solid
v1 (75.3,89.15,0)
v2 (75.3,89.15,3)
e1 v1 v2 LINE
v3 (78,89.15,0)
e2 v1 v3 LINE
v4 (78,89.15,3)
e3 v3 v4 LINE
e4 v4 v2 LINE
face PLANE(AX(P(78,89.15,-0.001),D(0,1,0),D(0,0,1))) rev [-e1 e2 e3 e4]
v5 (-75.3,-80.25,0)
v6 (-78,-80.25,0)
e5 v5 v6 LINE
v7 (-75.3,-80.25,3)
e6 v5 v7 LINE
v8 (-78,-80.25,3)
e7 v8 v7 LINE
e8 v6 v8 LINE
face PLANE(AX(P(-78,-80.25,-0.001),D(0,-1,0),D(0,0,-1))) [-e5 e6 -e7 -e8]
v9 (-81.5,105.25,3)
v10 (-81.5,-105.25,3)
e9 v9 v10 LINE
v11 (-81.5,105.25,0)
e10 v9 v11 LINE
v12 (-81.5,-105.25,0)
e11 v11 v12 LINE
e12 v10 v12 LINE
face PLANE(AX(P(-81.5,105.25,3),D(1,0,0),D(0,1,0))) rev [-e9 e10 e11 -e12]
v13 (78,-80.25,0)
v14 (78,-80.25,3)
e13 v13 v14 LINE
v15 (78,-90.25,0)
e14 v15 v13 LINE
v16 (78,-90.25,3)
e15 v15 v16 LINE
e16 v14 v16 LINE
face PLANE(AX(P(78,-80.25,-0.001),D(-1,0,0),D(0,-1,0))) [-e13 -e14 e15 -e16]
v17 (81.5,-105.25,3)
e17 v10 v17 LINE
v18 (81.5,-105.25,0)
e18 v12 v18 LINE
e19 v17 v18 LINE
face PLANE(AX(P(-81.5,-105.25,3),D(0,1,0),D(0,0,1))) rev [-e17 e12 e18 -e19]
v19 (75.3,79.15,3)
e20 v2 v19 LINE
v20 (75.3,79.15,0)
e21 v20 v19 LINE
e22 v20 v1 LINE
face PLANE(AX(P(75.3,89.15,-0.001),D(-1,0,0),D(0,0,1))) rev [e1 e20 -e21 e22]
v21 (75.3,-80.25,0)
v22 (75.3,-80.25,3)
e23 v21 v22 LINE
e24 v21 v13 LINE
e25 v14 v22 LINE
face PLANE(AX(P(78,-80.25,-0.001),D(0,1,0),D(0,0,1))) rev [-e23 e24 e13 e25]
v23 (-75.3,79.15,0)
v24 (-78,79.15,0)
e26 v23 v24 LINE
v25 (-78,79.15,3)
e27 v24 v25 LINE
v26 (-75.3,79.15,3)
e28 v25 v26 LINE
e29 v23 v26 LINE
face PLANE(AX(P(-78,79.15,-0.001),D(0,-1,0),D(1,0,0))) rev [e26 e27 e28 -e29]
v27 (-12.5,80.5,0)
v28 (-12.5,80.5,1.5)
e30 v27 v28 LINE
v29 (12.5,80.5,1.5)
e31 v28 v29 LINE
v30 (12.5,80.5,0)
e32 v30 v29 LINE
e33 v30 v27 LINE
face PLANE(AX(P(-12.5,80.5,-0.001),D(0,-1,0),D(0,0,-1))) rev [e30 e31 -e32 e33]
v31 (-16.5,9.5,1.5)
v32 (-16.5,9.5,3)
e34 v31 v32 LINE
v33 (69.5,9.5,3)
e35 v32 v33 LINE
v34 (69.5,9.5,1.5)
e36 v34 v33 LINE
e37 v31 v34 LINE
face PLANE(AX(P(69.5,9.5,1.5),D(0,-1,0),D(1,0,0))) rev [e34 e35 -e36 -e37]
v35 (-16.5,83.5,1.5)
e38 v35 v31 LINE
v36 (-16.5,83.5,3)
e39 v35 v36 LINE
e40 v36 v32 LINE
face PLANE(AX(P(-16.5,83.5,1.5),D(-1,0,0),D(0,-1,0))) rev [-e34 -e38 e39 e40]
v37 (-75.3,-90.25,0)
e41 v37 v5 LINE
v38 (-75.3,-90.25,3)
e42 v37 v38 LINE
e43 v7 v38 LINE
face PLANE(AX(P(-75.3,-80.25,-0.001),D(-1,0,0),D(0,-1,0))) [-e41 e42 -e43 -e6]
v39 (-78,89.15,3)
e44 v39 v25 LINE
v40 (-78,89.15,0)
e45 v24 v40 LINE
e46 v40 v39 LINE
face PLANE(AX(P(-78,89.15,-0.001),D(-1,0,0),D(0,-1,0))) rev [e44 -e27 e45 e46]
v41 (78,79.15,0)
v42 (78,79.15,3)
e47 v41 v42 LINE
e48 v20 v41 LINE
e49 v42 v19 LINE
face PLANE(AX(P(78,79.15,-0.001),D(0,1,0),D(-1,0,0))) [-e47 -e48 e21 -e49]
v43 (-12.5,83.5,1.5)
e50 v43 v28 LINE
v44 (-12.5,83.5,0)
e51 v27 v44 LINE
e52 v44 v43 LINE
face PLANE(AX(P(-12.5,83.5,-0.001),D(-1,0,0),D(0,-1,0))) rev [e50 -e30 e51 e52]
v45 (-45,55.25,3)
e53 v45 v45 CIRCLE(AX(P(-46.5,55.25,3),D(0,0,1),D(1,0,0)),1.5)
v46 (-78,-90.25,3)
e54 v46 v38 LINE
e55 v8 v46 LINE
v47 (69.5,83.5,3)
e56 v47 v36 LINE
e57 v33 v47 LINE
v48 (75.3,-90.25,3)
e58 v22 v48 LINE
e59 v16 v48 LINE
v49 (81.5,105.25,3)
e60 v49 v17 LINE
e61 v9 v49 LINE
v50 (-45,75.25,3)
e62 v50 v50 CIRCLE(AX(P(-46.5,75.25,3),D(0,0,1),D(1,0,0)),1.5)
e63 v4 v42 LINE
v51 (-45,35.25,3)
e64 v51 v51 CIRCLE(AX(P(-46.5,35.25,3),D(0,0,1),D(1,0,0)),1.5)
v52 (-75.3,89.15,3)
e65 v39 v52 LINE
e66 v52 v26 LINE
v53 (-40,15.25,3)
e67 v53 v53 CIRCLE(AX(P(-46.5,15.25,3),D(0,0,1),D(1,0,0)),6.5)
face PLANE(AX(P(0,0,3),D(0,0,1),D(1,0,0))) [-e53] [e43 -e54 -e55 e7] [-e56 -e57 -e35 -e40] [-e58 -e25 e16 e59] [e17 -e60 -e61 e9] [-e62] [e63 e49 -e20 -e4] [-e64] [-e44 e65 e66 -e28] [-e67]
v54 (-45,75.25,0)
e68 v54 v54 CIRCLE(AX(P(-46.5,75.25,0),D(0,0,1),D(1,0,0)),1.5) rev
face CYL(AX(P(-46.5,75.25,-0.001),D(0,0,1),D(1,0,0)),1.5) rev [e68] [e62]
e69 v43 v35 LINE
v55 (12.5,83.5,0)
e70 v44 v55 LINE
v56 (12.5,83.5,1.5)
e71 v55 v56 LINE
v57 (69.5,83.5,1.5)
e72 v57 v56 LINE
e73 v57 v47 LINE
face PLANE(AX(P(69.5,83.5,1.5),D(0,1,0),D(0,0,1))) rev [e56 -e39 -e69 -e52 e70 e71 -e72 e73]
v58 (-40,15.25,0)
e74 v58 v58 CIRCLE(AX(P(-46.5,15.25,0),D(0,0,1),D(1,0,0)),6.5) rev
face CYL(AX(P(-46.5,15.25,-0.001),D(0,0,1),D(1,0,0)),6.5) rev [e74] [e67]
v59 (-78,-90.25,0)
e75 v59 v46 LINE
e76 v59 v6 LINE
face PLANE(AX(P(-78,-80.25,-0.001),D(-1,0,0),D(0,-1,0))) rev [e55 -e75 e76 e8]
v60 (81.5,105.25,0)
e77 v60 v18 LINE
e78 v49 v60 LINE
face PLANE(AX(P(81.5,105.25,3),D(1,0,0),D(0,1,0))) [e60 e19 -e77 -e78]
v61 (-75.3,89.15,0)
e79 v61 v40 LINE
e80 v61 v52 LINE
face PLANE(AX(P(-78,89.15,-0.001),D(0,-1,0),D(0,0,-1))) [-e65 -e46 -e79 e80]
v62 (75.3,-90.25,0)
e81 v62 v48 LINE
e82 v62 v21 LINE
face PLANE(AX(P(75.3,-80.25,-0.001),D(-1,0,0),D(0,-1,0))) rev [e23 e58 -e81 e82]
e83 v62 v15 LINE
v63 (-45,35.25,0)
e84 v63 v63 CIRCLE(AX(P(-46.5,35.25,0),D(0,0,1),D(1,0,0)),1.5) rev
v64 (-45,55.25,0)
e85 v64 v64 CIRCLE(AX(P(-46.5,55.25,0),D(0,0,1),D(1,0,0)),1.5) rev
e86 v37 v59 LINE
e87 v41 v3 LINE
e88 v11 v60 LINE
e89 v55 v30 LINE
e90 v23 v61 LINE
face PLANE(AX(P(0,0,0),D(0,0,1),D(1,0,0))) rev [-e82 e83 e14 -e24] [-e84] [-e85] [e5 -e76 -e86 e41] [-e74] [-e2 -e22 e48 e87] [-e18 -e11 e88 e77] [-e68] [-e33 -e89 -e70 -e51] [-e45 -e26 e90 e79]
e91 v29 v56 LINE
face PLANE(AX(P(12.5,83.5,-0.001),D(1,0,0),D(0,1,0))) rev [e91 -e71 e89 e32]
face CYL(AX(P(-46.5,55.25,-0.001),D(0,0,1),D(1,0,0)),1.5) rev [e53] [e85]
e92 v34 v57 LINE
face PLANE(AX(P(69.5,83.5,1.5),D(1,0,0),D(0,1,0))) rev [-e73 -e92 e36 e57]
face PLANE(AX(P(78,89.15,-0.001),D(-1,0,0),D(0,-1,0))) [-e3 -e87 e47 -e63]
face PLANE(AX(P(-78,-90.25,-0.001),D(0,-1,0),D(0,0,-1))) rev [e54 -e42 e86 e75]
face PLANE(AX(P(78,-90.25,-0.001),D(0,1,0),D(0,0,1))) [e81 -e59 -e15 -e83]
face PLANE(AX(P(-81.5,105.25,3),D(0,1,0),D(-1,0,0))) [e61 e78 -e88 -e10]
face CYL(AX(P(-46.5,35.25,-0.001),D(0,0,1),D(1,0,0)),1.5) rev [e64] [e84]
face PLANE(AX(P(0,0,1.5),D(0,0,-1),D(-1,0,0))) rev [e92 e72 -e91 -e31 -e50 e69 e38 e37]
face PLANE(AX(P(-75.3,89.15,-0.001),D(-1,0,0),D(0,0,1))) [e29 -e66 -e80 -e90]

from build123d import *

# Parameters (mm, degrees)
SKETCH1_W           = 163
SKETCH1_H           = 210.5
BOSS_EXTRUDE1_DEPTH = 3
SKETCH2_W           = 2.7
SKETCH2_H           = 10
CUT_EXTRUDE1_DEPTH  = 3
SKETCH3_W           = 86
SKETCH3_H           = 74
CUT_EXTRUDE2_DEPTH  = 1.5
CUT_EXTRUDE3_REACH  = 3.5
SKETCH4_W           = 25
SKETCH4_H           = 3
CUT_EXTRUDE5_REACH  = 5
SKETCH5_R           = 1.5
SKETCH5_R_2         = 6.5


with BuildPart() as part:
    # Sketch1 → Boss-Extrude1 (new body)
    with BuildSketch(Plane.XY):
        Rectangle(SKETCH1_W, SKETCH1_H)
    extrude(amount=BOSS_EXTRUDE1_DEPTH)

    # Sketch2 → Cut-Extrude1 (cut)
    with BuildSketch(Plane.XY.offset(3)):
        with Locations((-76.65, -85.25)):
            Rectangle(SKETCH2_W, SKETCH2_H)
        with Locations((-76.65, 84.15)):
            Rectangle(SKETCH2_W, SKETCH2_H)
    cut_extrude1 = extrude(amount=-CUT_EXTRUDE1_DEPTH, mode=Mode.SUBTRACT)

    # Mirror3: Cut-Extrude1 across plane
    add(cut_extrude1.mirror(Plane(origin=(0, 0, 0), x_dir=(0, 0, 1), z_dir=(1, 0, 0))), mode=Mode.SUBTRACT)

    # Sketch3 → Cut-Extrude2 (cut)
    with BuildSketch(Plane.XY.offset(3)):
        with Locations((26.5, 46.5)):
            Rectangle(SKETCH3_W, SKETCH3_H)
    extrude(amount=-CUT_EXTRUDE2_DEPTH, mode=Mode.SUBTRACT)

    # Sketch4 → Cut-Extrude3 (cut, up to next)
    with BuildSketch(Plane.XY.offset(1.5), mode=Mode.PRIVATE) as cut_extrude3_sk1:
        with Locations((0, 82)):
            Rectangle(SKETCH4_W, SKETCH4_H)
    cut_extrude3_tool1 = extrude(cut_extrude3_sk1.sketch, amount=-CUT_EXTRUDE3_REACH, mode=Mode.PRIVATE) & part.part
    add(cut_extrude3_tool1.solids().sort_by_distance((0, 82, 1.5))[0], mode=Mode.SUBTRACT)

    # Sketch5 → Cut-Extrude5 (cut, up to next)
    with BuildSketch(Plane.XY.offset(3), mode=Mode.PRIVATE) as cut_extrude5_sk1:
        with Locations((-46.5, 75.25)):
            Circle(SKETCH5_R)
    cut_extrude5_tool1 = extrude(cut_extrude5_sk1.sketch, amount=-CUT_EXTRUDE5_REACH, mode=Mode.PRIVATE) & part.part
    add(cut_extrude5_tool1.solids().sort_by_distance((-46.5, 75.25, 3))[0], mode=Mode.SUBTRACT)
    # Sketch5 → Cut-Extrude5 (cut, up to next)
    with BuildSketch(Plane.XY.offset(3), mode=Mode.PRIVATE) as cut_extrude5_sk2:
        with Locations((-46.5, 55.25)):
            Circle(SKETCH5_R)
    cut_extrude5_tool2 = extrude(cut_extrude5_sk2.sketch, amount=-CUT_EXTRUDE5_REACH, mode=Mode.PRIVATE) & part.part
    add(cut_extrude5_tool2.solids().sort_by_distance((-46.5, 55.25, 3))[0], mode=Mode.SUBTRACT)
    # Sketch5 → Cut-Extrude5 (cut, up to next)
    with BuildSketch(Plane.XY.offset(3), mode=Mode.PRIVATE) as cut_extrude5_sk3:
        with Locations((-46.5, 35.25)):
            Circle(SKETCH5_R)
    cut_extrude5_tool3 = extrude(cut_extrude5_sk3.sketch, amount=-CUT_EXTRUDE5_REACH, mode=Mode.PRIVATE) & part.part
    add(cut_extrude5_tool3.solids().sort_by_distance((-46.5, 35.25, 3))[0], mode=Mode.SUBTRACT)
    # Sketch5 → Cut-Extrude5 (cut, up to next)
    with BuildSketch(Plane.XY.offset(3), mode=Mode.PRIVATE) as cut_extrude5_sk4:
        with Locations((-46.5, 15.25)):
            Circle(SKETCH5_R_2)
    cut_extrude5_tool4 = extrude(cut_extrude5_sk4.sketch, amount=-CUT_EXTRUDE5_REACH, mode=Mode.PRIVATE) & part.part
    add(cut_extrude5_tool4.solids().sort_by_distance((-46.5, 15.25, 3))[0], mode=Mode.SUBTRACT)


solid = part.part
